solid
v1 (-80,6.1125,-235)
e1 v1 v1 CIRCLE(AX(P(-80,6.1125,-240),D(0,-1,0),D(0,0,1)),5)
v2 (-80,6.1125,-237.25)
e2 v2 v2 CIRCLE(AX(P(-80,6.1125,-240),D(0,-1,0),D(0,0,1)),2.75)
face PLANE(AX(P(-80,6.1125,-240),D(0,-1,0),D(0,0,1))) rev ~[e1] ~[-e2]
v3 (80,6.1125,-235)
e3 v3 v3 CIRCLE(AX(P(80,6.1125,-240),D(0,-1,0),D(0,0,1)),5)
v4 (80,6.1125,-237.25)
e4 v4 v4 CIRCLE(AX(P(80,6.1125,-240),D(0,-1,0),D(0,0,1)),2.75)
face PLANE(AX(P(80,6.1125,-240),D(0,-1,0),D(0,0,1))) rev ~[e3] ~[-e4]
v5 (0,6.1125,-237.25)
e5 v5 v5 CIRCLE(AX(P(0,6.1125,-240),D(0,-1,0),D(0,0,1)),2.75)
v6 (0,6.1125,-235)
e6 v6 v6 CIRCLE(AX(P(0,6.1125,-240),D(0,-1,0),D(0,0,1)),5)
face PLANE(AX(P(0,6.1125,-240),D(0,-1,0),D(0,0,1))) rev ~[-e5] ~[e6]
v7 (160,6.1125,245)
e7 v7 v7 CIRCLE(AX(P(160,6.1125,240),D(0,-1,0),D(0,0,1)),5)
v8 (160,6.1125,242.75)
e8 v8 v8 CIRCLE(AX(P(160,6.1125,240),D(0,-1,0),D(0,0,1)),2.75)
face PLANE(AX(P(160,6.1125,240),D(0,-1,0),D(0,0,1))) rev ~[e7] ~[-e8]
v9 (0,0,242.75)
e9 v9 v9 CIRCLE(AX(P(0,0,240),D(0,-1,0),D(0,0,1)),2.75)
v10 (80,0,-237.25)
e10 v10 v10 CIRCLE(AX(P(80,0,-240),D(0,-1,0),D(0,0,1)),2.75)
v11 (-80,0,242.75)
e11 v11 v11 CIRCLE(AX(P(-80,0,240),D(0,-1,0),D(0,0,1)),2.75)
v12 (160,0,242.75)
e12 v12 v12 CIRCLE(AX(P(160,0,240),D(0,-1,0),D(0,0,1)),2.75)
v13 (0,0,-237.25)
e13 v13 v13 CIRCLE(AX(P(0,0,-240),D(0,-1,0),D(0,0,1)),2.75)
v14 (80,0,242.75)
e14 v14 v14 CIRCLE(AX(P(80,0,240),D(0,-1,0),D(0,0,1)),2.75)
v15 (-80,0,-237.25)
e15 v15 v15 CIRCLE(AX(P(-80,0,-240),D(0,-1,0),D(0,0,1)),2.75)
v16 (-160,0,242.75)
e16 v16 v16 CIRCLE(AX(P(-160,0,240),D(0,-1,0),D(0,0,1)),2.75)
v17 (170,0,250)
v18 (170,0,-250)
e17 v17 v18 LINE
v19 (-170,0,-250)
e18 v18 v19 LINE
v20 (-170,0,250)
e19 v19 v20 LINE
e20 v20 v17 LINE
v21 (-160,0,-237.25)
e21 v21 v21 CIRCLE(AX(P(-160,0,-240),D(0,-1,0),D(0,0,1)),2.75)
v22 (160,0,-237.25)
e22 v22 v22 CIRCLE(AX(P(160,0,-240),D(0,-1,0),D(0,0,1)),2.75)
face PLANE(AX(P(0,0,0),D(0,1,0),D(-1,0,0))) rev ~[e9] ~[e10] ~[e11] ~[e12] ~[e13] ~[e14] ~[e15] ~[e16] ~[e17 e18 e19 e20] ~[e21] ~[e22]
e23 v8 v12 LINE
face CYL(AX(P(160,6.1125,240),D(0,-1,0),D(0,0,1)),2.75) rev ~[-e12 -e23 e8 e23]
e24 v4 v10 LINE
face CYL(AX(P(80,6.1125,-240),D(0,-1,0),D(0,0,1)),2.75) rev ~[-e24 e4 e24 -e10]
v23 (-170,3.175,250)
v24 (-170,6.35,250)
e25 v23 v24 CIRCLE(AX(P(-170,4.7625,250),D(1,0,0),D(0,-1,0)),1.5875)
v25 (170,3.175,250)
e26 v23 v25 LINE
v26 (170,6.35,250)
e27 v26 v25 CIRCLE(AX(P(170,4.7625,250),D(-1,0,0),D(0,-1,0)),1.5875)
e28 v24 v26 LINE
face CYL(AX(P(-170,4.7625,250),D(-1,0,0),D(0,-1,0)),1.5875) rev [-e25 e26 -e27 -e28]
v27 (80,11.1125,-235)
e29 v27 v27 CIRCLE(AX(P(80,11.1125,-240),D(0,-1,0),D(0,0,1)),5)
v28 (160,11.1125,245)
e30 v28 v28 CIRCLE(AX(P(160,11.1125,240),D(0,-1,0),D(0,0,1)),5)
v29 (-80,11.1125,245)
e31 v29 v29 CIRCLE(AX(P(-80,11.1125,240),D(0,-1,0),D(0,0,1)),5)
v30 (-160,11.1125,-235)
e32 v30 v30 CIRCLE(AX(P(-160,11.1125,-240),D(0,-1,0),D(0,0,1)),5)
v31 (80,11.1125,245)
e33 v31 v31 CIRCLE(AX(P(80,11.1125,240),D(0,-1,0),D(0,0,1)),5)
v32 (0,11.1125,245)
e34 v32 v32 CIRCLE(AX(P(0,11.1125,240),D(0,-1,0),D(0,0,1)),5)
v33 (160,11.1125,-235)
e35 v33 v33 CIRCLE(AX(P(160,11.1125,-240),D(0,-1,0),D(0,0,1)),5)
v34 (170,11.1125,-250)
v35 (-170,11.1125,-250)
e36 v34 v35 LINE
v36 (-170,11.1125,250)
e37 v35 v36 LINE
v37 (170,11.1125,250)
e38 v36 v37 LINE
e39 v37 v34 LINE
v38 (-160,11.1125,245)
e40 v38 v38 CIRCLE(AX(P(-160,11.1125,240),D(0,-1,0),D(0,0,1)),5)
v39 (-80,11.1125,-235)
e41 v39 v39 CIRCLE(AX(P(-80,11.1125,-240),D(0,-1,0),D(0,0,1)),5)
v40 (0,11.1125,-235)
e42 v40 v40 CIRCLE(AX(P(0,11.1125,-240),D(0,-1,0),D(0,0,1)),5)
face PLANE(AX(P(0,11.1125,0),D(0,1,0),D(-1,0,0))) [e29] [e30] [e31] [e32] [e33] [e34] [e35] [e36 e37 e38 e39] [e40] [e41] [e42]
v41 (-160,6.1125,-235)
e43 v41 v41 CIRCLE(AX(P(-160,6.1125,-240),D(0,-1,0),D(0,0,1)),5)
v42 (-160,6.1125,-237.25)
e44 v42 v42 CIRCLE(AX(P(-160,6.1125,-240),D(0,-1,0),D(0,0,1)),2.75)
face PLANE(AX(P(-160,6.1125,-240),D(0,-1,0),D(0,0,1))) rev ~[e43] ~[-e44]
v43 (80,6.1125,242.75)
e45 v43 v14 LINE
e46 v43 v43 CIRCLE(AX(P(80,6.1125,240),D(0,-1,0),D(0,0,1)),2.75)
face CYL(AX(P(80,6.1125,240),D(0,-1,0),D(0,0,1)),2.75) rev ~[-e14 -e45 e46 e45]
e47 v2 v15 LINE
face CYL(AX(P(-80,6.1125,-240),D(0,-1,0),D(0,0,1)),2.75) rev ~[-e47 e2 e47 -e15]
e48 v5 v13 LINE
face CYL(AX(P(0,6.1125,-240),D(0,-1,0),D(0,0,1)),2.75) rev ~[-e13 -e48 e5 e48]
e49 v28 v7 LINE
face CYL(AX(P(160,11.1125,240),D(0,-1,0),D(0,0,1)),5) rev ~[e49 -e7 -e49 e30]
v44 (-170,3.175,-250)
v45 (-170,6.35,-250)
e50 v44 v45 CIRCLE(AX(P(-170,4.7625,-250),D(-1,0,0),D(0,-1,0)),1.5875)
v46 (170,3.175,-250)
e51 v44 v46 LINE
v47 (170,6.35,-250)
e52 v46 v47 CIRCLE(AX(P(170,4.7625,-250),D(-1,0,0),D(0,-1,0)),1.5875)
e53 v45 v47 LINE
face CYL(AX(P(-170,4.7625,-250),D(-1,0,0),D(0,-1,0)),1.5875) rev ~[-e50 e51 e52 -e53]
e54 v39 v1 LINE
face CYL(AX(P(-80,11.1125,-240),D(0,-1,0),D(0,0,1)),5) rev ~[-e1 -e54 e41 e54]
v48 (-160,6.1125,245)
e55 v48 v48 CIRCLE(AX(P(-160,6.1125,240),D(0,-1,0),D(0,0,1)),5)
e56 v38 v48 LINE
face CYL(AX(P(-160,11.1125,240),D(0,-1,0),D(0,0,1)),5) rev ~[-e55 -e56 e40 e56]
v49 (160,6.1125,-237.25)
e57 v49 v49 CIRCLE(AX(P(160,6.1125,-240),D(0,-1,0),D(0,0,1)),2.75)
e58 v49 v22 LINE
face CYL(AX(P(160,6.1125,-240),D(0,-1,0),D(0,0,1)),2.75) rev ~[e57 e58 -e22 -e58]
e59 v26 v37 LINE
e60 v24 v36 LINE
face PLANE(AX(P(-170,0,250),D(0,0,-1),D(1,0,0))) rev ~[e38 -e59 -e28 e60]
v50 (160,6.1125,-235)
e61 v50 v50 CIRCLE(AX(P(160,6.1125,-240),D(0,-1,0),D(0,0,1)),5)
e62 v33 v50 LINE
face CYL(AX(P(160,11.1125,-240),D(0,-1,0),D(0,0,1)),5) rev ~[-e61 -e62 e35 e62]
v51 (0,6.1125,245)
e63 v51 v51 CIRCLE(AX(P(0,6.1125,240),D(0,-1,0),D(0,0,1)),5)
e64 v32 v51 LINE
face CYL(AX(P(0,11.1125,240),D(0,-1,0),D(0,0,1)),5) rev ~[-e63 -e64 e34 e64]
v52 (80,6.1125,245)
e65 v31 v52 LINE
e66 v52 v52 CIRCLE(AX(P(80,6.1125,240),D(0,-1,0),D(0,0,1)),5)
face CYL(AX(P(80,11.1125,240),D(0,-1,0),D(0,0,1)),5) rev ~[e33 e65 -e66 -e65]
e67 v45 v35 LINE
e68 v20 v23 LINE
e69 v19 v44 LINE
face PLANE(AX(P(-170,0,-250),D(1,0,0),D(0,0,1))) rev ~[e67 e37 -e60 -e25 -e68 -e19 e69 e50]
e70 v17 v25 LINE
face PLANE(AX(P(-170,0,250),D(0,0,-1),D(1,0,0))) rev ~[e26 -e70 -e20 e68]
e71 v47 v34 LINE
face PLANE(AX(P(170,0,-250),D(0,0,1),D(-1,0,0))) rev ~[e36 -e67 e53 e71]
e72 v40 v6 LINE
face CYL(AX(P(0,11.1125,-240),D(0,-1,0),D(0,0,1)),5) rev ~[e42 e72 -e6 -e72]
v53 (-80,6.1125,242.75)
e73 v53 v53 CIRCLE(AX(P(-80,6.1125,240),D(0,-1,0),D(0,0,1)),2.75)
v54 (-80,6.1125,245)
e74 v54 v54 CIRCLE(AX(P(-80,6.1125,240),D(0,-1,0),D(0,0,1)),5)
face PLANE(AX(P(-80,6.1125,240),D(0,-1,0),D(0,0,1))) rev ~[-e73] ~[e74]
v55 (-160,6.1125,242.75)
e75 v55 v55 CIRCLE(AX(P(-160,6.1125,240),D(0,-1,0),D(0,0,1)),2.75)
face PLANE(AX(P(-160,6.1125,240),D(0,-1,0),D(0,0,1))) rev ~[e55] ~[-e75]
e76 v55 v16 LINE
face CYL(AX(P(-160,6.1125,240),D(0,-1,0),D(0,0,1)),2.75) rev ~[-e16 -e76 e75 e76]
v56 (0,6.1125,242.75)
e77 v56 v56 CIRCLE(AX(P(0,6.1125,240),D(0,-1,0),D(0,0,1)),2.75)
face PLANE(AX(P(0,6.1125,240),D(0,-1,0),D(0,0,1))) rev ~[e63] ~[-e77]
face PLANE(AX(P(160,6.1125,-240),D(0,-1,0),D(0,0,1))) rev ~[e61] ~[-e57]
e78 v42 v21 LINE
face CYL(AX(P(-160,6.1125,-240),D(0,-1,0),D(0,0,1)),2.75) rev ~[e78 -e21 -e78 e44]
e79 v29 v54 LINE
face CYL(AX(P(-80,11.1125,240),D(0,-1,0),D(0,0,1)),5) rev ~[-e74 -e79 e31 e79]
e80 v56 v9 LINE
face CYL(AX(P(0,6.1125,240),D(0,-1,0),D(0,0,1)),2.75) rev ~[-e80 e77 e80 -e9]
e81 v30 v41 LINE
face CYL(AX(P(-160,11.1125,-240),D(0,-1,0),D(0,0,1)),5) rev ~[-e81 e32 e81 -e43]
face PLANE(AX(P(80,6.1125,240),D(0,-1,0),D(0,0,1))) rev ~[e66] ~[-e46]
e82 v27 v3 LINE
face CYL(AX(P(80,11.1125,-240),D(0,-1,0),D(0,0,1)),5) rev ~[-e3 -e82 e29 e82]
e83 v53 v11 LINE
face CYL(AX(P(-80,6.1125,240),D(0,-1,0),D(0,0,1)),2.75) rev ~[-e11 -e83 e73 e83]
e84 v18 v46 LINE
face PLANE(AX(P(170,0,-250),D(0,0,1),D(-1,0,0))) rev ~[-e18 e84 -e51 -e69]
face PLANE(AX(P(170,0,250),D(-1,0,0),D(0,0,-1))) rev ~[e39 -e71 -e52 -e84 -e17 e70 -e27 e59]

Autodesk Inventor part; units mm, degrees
ref_plane "YZ Plane" through (0, 0, 0) normal (1, 0, 0) x (0, 1, 0)
ref_plane "XZ Plane" through (0, 0, 0) normal (0, 1, 0) x (-1, 0, 0)
ref_plane "XY Plane" through (0, 0, 0) normal (0, 0, 1) x (1, 0, 0)
sketch "Sketch1" plane through (0, 0, 0) normal (0, 1, 0) x (-1, 0, 0)
  line L0 (170, 250) -> (-170, 250)
  line L1 (-170, 250) -> (-170, -250)
  line L2 (-170, -250) -> (170, -250)
  line L3 (170, -250) -> (170, 250)
  line L4 (170, 250) -> (-170, -250) construction
  line L5 (-170, 250) -> (170, -250) construction
  point P0 (0, 0)
  dimension "d0" = 340
  dimension "d1" = 500
extrude "Extrusion1" add sketch "Sketch1" along normal blind 11.1125
sketch "Sketch2" plane through (0, 11.1125, 0) normal (0, 1, 0) x (1, 0, 0)
  line L0 (-170, -250) -> (170, -250) projected
  line L1 (170, -250) -> (170, 250) projected
  line L2 (170, 250) -> (-170, 250) projected
  line L3 (-170, 250) -> (-170, -250) projected
  point P0 (0, 0)
  point P1 (-160, -240)
  dimension "d4" = 10
  dimension "d5" = 10
hole "Hole1" at (-160, 11.1125, 240) direction (0, -1, 0) diameter 5.5 end through all counterbore diameter 10 counterbore depth 5 clearance for "Socket Head Cap Screw" size "M5" standard "Ansi Metric M Profile"
pattern_linear "Rectangular Pattern1" count 2 spacing 480 along (0, 0, -1) count 5 spacing 80 along (1, 0, 0) of "Hole1"
sketch "Sketch3" plane through (-170, 0, -250) normal (-1, 0, 0) x (0, 0, 1)
  line L0 (0, 0) -> (500, 0) projected
  line L1 (500, 0) -> (500, 11.1125) projected
  line L2 (0, 11.1125) -> (500, 11.1125) projected
  line L3 (0, 0) -> (0, 11.1125) projected
  line L4 (0, 0) -> (0, 11.1125) projected
  arc A0 (0, 3.175) -> (0, 6.35) centre (0, 4.7625) ccw
  point P0 (250, 0)
  dimension "d19" = 1.5875
  dimension "d20" = 6.35
extrude "oRingGroove" cut sketch "Sketch3" against normal through all contours L3 A0
mirror "Mirror1" about plane through (0, 0, 0) normal (0, 0, 1) of "oRingGroove"
equation "\"d1\" = depth"
equation "\"d2\" = facingThickness - facingGasketThickness"
equation "\"d19\" = 0.125 * facingThickness"
equation "\"d20\" = 0.5 * facingThickness"
equation "\"depth\" = 500"
equation "\"facingThickness\" = 12.7"
equation "\"facingGasketThickness\" = 1.5875"
properties part number "sideFace" material "Wood (Cherry)"
